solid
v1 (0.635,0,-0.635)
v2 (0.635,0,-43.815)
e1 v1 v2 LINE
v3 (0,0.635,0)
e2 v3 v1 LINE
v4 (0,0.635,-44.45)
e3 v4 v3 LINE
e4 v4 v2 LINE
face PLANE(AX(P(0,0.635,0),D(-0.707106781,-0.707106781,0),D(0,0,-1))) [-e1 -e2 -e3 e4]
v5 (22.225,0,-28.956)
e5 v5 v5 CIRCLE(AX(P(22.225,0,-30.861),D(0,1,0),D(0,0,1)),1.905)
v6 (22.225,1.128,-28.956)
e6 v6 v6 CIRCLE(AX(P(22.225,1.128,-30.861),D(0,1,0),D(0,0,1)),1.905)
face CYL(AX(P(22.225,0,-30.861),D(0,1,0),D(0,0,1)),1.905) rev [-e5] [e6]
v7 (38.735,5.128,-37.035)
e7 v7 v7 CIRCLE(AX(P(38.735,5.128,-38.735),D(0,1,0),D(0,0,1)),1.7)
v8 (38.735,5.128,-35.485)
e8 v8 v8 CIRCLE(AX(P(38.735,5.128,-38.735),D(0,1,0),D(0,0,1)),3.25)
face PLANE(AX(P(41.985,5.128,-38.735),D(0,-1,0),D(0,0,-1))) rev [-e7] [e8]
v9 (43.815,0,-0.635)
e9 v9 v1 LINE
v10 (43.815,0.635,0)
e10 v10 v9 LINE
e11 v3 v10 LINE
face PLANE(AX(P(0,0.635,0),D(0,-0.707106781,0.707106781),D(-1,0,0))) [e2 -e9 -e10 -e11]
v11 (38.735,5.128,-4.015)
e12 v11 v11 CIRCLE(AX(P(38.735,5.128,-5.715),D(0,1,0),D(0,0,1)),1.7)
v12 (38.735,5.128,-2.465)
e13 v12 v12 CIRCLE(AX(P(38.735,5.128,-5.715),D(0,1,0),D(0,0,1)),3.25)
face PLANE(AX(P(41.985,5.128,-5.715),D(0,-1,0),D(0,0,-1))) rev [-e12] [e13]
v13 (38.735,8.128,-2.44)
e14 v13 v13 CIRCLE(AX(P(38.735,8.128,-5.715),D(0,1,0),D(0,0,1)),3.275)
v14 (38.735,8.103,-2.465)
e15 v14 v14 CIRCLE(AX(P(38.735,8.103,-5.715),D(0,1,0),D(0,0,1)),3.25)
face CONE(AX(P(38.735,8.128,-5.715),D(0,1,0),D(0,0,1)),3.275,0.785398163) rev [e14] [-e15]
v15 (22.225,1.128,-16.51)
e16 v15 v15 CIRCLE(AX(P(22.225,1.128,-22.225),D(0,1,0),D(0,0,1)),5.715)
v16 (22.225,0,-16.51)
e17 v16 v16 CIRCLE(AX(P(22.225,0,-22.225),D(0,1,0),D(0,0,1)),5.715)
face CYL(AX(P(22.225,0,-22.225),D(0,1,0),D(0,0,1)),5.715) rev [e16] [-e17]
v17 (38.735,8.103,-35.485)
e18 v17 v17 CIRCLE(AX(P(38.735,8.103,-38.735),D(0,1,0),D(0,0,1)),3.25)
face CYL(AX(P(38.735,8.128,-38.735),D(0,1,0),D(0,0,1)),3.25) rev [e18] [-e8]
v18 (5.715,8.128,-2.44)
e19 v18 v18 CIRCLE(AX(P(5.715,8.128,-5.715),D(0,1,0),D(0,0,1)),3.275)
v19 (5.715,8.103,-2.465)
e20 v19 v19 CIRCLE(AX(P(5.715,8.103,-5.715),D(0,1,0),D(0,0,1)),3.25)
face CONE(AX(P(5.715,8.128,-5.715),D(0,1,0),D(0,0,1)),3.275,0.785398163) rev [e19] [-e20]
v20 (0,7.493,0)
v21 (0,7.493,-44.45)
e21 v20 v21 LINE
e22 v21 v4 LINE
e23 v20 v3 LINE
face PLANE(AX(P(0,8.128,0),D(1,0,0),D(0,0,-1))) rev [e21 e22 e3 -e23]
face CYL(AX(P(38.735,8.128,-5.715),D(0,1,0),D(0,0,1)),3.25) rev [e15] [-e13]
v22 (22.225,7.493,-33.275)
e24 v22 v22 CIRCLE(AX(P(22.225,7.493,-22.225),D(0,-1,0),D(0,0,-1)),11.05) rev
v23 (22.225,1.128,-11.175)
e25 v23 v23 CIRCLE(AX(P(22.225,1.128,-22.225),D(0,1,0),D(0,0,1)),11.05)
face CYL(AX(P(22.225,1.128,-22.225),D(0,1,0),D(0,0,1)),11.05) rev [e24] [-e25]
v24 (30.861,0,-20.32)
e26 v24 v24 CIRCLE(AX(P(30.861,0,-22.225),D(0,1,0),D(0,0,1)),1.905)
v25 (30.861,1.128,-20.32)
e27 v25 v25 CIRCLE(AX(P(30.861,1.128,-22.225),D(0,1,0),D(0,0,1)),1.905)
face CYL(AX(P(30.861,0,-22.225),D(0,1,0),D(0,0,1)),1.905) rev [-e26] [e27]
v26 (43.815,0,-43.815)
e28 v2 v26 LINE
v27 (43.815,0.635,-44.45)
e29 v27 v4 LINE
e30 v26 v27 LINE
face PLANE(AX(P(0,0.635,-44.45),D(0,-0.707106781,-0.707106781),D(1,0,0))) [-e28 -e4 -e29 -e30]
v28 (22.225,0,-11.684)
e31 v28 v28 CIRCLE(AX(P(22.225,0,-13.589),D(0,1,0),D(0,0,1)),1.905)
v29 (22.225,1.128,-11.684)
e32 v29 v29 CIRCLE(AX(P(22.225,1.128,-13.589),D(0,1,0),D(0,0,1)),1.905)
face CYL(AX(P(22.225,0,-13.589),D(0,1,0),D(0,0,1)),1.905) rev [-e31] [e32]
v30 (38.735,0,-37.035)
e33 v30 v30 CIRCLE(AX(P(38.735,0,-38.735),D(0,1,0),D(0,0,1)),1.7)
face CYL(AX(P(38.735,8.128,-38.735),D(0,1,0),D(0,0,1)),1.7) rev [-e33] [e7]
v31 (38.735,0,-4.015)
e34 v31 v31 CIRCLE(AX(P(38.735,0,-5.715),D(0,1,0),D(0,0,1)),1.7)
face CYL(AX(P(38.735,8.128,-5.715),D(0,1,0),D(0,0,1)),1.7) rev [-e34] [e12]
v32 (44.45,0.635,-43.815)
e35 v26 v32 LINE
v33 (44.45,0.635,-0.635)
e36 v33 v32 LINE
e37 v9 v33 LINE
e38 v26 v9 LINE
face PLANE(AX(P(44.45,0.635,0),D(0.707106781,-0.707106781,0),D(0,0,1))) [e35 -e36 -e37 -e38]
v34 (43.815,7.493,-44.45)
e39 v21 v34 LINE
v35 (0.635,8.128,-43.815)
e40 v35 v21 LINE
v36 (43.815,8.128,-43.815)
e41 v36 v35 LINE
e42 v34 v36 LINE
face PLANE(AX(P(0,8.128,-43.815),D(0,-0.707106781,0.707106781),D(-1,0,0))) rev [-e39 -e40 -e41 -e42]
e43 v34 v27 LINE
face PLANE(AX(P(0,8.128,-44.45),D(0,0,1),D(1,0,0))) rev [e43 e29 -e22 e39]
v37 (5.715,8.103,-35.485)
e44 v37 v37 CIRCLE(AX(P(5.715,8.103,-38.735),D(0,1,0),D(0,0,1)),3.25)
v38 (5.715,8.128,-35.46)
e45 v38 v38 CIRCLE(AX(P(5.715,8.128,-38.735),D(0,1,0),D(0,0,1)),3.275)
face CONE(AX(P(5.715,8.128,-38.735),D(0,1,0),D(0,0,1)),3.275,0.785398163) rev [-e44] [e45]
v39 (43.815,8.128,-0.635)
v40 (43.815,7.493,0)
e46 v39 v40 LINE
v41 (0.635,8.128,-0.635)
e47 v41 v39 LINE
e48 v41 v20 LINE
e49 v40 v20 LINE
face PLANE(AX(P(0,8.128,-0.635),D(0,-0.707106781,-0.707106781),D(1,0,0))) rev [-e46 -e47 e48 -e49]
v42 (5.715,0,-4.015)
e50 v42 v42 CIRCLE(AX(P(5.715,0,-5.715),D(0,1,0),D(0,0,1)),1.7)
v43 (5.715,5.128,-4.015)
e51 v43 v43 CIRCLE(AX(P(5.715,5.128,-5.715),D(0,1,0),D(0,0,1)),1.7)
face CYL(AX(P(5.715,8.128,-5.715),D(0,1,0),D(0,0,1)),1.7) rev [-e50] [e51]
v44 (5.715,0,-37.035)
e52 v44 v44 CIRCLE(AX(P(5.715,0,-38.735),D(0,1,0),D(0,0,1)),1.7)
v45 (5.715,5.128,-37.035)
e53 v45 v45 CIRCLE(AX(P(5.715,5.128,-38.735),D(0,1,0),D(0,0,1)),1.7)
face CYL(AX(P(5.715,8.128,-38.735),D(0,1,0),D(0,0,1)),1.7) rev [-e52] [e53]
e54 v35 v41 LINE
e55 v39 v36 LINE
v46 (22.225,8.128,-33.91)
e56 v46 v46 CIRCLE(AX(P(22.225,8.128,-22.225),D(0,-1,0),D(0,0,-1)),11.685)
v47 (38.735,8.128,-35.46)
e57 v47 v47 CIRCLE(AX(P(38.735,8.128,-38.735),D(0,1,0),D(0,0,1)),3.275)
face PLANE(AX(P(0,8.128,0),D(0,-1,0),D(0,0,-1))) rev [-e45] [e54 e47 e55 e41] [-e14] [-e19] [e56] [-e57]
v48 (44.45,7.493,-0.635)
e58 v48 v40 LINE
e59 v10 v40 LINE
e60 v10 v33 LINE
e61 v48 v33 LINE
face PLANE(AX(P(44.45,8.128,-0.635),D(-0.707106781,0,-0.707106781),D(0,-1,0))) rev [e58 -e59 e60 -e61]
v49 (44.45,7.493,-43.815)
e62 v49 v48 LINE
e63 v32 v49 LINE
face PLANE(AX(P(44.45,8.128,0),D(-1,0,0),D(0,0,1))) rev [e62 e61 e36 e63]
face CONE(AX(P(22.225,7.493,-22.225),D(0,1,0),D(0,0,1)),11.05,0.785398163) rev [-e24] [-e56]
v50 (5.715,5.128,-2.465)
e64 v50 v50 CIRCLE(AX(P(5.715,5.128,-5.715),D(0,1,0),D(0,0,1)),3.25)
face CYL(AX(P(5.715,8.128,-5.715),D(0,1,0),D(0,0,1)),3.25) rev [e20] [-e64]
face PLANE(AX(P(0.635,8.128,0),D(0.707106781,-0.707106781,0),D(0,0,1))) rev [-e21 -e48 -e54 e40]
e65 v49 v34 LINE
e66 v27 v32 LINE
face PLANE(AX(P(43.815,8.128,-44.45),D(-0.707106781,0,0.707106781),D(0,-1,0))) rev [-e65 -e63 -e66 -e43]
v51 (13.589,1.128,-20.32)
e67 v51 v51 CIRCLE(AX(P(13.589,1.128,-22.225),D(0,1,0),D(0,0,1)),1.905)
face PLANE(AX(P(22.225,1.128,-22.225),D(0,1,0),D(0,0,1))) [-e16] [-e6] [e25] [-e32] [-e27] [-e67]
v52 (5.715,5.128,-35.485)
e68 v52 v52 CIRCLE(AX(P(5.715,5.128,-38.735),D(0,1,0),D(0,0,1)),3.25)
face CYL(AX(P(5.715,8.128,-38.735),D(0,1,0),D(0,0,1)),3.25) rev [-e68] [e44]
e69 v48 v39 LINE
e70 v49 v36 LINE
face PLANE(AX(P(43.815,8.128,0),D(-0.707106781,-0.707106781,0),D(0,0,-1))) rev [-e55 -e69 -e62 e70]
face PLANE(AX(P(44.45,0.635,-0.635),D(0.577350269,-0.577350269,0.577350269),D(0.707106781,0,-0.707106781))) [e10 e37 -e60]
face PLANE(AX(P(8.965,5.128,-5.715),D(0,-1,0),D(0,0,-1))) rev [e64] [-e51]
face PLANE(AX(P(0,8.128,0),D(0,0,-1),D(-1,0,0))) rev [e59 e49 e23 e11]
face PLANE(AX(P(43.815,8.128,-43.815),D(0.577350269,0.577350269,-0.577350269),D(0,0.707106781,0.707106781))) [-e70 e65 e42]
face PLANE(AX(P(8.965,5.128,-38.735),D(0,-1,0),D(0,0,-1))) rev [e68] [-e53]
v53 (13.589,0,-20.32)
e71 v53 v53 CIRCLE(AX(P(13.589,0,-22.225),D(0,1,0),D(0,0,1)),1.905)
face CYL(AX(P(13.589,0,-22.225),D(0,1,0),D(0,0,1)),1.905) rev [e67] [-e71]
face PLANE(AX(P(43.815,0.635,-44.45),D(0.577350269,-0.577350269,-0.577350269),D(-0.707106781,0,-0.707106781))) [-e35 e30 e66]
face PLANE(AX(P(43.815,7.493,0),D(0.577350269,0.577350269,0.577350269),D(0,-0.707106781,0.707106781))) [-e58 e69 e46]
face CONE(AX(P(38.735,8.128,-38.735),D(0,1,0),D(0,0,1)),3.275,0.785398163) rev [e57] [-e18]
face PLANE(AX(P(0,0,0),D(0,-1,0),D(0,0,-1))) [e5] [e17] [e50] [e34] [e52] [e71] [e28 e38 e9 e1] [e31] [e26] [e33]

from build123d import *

# Parameters (mm, degrees)
SKETCH1_W                     = 44.45
SKETCH1_H                     = 44.45
BOSS_EXTRUDE1_DEPTH           = 8.128
SKETCH2_R                     = 11.05
CUT_EXTRUDE1_DEPTH            = 7
SKETCH3_R                     = 1.905
SKETCH3_R_2                   = 5.715
CUT_EXTRUDE2_DEPTH            = 64.250335967
CBORE_FOR_M3_SHCS1_AT_2_COUNT = 2
CBORE_FOR_M3_SHCS1_AT_2_PITCH = 33.02
CBORE_FOR_M3_SHCS1_AT_3_COUNT = 2
CBORE_FOR_M3_SHCS1_AT_3_PITCH = 46.69733183
CBORE_FOR_M3_SHCS1_AT_4_COUNT = 2
CBORE_FOR_M3_SHCS1_AT_4_PITCH = 33.02
CHAMFER1_SIZE                 = 0.635
CHAMFER2_SIZE                 = 0.635


with BuildPart() as part:
    # Sketch1 → Boss-Extrude1 (new body)
    with BuildSketch(Plane(origin=(0, 0, 0), x_dir=(1, 0, 0), z_dir=(0, 1, 0))):
        with Locations((22.225, 22.225)):
            Rectangle(SKETCH1_W, SKETCH1_H)
    extrude(amount=BOSS_EXTRUDE1_DEPTH)

    # Sketch2 → Cut-Extrude1 (cut)
    with BuildSketch(Plane(origin=(0, 8.128, 0), x_dir=(1, 0, 0), z_dir=(0, 1, 0))):
        with Locations(Location((22.225, 22.225, 0), (0, 0, 270))):
            Circle(SKETCH2_R)
    extrude(amount=-CUT_EXTRUDE1_DEPTH, mode=Mode.SUBTRACT)

    # Sketch3 → Cut-Extrude2 (cut, through all)
    with BuildSketch(Plane(origin=(0, 1.128, 0), x_dir=(1, 0, 0), z_dir=(0, 1, 0))):
        with Locations(Location((22.225, 30.861, 0), (0, 0, 270))):
            Circle(SKETCH3_R)
        with Locations(Location((30.861, 22.225, 0), (0, 0, 270))):
            Circle(SKETCH3_R)
        with Locations(Location((22.225, 13.589, 0), (0, 0, 270))):
            Circle(SKETCH3_R)
        with Locations(Location((13.589, 22.225, 0), (0, 0, 270))):
            Circle(SKETCH3_R)
        with Locations(Location((22.225, 22.225, 0), (0, 0, 270))):
            Circle(SKETCH3_R_2)
    extrude(amount=-CUT_EXTRUDE2_DEPTH, mode=Mode.SUBTRACT)

    # Sketch8 → CBORE for M3 SHCS1 (revolve, cut)
    with BuildSketch(Plane(origin=(5.715, 8.128, -38.735), x_dir=(0, 0, 1), z_dir=(1, 0, 0))):
        Polygon((0, 0), (0, 8.128), (1.7, 8.128), (1.7, 3), (3.25, 3), (3.25, 0.025), (3.275, 0), align=None)
    cbore_for_m3_shcs1 = revolve(axis=Axis((5.715, 14.478, -38.735), (0, -1, 0)), mode=Mode.SUBTRACT)

    # CBORE for M3 SHCS1 at 2: CBORE for M3 SHCS1 ×2
    with Locations(*[(i * CBORE_FOR_M3_SHCS1_AT_2_PITCH, 0, 0) for i in range(1, CBORE_FOR_M3_SHCS1_AT_2_COUNT)]):
        add(cbore_for_m3_shcs1, mode=Mode.SUBTRACT)

    # CBORE for M3 SHCS1 at 3: CBORE for M3 SHCS1 ×2
    with Locations(*[Vector(0.7071067811865477, 0, 0.7071067811865475) * (i * CBORE_FOR_M3_SHCS1_AT_3_PITCH) for i in range(1, CBORE_FOR_M3_SHCS1_AT_3_COUNT)]):
        add(cbore_for_m3_shcs1, mode=Mode.SUBTRACT)

    # CBORE for M3 SHCS1 at 4: CBORE for M3 SHCS1 ×2
    with Locations(*[(0, 0, i * CBORE_FOR_M3_SHCS1_AT_4_PITCH) for i in range(1, CBORE_FOR_M3_SHCS1_AT_4_COUNT)]):
        add(cbore_for_m3_shcs1, mode=Mode.SUBTRACT)

    # Chamfer1
    chamfer1_edges = [part.edges().sort_by_distance(p)[0] for p in [
        (44.45, 8.128, -22.225),
        (22.225, 8.128, -44.45),
        (0, 8.128, -22.225),
        (22.225, 0, -44.45),
        (44.45, 0, -22.225),
        (22.225, 0, 0),
        (0, 0, -22.225),
        (44.45, 4.064, -44.45),
        (44.45, 4.064, 0),
        (22.225, 8.128, 0),
    ]]
    chamfer(chamfer1_edges, length=CHAMFER1_SIZE)

    # Chamfer2
    chamfer2_edges = [part.edges().sort_by_distance(p)[0] for p in [
        (22.225, 8.128, -33.275),
    ]]
    chamfer(chamfer2_edges, length=CHAMFER2_SIZE)


solid = part.part
